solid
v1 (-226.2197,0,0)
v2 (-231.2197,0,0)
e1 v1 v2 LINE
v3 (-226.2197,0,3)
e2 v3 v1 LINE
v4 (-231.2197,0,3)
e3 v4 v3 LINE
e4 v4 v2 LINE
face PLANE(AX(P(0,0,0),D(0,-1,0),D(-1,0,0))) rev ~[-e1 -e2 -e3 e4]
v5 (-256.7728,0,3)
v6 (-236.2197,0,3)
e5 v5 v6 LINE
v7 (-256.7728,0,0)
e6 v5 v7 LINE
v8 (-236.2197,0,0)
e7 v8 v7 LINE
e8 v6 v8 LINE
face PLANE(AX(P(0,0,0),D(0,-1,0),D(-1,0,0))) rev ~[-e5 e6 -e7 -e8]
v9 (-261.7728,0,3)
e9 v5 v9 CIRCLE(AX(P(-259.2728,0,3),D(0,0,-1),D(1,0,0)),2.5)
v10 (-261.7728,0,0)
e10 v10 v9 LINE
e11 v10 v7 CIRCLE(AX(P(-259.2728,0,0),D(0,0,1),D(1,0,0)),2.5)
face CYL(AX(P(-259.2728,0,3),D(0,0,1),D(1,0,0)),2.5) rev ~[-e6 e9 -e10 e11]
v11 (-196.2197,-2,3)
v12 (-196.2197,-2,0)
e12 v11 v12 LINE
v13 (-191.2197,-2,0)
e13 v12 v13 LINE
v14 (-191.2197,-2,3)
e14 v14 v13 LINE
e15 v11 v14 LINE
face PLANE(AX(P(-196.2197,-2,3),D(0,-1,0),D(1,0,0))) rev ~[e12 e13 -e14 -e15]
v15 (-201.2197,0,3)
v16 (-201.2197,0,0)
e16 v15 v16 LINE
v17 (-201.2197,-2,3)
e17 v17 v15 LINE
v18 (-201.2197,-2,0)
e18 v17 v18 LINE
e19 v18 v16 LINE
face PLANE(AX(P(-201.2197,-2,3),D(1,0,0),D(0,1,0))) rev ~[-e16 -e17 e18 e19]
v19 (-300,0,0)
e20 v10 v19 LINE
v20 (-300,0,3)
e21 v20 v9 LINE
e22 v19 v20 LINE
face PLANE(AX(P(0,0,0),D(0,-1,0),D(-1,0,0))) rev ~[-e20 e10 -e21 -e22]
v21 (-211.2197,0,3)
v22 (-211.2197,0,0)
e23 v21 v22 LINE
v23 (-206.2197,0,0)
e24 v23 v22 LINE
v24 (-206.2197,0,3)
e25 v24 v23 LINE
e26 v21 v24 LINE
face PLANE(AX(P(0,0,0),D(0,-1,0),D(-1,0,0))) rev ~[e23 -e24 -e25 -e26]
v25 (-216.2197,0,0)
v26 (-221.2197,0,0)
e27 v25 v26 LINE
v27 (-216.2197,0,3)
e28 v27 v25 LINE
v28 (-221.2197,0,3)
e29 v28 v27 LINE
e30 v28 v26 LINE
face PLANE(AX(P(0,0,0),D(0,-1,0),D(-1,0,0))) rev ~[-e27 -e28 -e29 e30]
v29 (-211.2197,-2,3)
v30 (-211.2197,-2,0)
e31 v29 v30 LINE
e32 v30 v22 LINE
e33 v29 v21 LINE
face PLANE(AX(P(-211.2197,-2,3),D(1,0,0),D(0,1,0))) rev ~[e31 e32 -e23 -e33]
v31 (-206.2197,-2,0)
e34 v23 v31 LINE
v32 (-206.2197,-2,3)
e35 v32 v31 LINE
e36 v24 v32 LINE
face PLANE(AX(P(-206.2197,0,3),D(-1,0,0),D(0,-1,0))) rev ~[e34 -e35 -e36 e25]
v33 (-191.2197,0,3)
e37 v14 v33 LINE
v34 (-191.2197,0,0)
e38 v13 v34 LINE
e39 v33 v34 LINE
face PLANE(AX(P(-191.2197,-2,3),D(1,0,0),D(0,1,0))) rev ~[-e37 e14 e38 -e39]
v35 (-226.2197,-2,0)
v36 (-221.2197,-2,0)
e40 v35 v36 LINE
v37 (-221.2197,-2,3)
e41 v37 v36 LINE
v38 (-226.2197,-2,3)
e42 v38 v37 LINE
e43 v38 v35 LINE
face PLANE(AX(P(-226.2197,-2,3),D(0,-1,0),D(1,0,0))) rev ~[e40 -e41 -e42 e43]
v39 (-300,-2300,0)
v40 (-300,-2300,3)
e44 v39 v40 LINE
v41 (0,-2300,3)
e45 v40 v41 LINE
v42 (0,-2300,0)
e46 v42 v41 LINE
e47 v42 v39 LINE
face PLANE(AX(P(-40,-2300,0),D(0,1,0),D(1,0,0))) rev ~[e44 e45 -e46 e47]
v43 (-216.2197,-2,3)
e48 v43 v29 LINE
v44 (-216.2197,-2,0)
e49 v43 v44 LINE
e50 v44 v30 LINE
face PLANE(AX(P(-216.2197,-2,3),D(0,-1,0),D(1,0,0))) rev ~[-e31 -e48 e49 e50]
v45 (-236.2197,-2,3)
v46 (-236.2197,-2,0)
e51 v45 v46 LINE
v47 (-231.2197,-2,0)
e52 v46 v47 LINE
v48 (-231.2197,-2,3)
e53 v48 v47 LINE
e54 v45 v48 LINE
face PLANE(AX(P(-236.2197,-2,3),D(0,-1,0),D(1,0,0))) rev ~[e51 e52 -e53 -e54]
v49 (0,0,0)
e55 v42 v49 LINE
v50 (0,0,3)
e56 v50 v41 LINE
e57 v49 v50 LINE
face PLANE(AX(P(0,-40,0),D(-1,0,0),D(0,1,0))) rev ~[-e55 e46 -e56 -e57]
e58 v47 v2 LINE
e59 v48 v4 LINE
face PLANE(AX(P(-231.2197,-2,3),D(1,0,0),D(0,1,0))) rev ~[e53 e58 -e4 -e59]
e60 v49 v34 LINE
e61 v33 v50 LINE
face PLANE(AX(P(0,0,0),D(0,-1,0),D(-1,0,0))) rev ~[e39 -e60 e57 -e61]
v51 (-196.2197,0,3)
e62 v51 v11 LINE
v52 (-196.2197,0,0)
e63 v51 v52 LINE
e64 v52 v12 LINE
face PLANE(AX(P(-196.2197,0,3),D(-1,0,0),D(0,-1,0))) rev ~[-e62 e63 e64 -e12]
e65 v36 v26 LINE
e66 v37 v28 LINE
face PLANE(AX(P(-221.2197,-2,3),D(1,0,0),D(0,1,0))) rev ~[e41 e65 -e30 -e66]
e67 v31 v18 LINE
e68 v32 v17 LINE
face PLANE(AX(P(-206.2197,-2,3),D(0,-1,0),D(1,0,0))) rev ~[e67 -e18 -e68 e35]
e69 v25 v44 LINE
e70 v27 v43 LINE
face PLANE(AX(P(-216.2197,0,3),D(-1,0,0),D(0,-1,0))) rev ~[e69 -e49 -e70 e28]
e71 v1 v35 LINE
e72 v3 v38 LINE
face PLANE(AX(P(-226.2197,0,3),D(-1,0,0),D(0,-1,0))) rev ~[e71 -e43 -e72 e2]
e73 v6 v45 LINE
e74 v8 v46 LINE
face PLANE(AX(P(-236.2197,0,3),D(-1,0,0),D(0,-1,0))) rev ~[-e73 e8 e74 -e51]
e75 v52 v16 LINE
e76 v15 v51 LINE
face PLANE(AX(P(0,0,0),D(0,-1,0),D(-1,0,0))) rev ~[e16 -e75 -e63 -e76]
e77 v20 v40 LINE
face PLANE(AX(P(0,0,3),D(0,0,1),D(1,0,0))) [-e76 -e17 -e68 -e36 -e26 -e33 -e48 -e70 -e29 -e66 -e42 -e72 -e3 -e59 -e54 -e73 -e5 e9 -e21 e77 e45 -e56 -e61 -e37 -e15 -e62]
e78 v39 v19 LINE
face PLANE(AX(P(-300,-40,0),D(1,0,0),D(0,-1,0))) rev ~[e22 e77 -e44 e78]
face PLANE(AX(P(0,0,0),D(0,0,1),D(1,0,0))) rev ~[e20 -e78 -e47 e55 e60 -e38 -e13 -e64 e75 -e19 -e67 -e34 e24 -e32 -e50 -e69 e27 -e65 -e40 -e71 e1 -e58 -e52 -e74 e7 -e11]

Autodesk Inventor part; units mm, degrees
ref_plane "YZ Plane" through (0, 0, 0) normal (1, 0, 0) x (0, 1, 0)
ref_plane "XZ Plane" through (0, 0, 0) normal (0, 1, 0) x (-1, 0, 0)
ref_plane "XY Plane" through (0, 0, 0) normal (0, 0, 1) x (1, 0, 0)
sketch "Sketch1" plane through (0, 0, 0) normal (0, 0, 1) x (1, 0, 0)
  line L0 (0, 0) -> (-300, 0)
  line L1 (-300, 0) -> (-300, -2300)
  line L2 (-300, -2300) -> (0, -2300)
  line L3 (0, -2300) -> (0, 0)
  line L4 (0, 0) -> (-40, 0)
  line L5 (-40, 0) -> (-40, -40)
  line L6 (-40, -40) -> (0, -40)
  line L7 (0, -40) -> (0, 0)
  line L8 (0, -2300) -> (-40, -2300)
  line L9 (-40, -2300) -> (-40, -2260)
  line L10 (-40, -2260) -> (0, -2260)
  line L11 (0, -2260) -> (0, -2300)
  line L12 (-300, 0) -> (-260, 0)
  line L13 (-260, 0) -> (-260, -40)
  line L14 (-260, -40) -> (-300, -40)
  line L15 (-300, -40) -> (-300, 0)
  line L16 (-300, -2300) -> (-260, -2300)
  line L17 (-260, -2300) -> (-260, -2260)
  line L18 (-260, -2260) -> (-300, -2260)
  line L19 (-300, -2260) -> (-300, -2300)
  line L20 (-220, -2300) -> (-130, -2300)
  line L21 (-130, -2300) -> (-130, -2260)
  line L22 (-130, -2260) -> (-220, -2260)
  line L23 (-220, -2260) -> (-220, -2300)
  line L24 (-220, 0) -> (-130, 0)
  line L25 (-130, 0) -> (-130, -40)
  line L26 (-130, -40) -> (-220, -40)
  line L27 (-220, -40) -> (-220, 0)
  point P0 (0, -40)
  point P1 (-40, 0)
  point P2 (-40, -2300)
  point P3 (0, -2260)
  point P4 (-130, 0)
  point P5 (-260, 0)
  point P6 (-300, -40)
  point P7 (-300, -2260)
  dimension "d22" = 300
  dimension "d23" = 2300
  dimension "d24" = 40
  dimension "d25" = 40
  dimension "d28" = 90
  dimension "d29" = 90
extrude "Plate1" add sketch "Sketch1" along normal blind 3
sketch "Sketch5" plane through (0, 0, 3) normal (0, 0, 1) x (1, 0, 0)
  line L0 (0, -5) -> (0, 0) construction
  line L1 (-135, 0) -> (-231.2197, 0) construction
  line L2 (-231.2197, 0) -> (-236.2197, 0)
  line L3 (-236.2197, 0) -> (-236.2197, -2)
  line L4 (-236.2197, -2) -> (-231.2197, -2)
  line L5 (-231.2197, -2) -> (-231.2197, 0)
  circle A0 centre (-259.2728, 0) radius 2.5
  line L6 (-300, -2300) -> (0, -2300) projected
  line L7 (-300, 0) -> (-300, -2300) projected
  line L8 (0, 0) -> (-300, 0) projected
  line L9 (0, -2300) -> (0, 0) projected
  line L10 (0, 0) -> (-300, 0) projected
  line L11 (-221.2197, 0) -> (-226.2197, 0)
  line L12 (-226.2197, 0) -> (-226.2197, -2)
  line L13 (-226.2197, -2) -> (-221.2197, -2)
  line L14 (-221.2197, -2) -> (-221.2197, 0)
  line L15 (-211.2197, 0) -> (-216.2197, 0)
  line L16 (-216.2197, 0) -> (-216.2197, -2)
  line L17 (-216.2197, -2) -> (-211.2197, -2)
  line L18 (-211.2197, -2) -> (-211.2197, 0)
  line L19 (-201.2197, 0) -> (-206.2197, 0)
  line L20 (-206.2197, 0) -> (-206.2197, -2)
  line L21 (-206.2197, -2) -> (-201.2197, -2)
  line L22 (-201.2197, -2) -> (-201.2197, 0)
  line L23 (-191.2197, 0) -> (-196.2197, 0)
  line L24 (-196.2197, 0) -> (-196.2197, -2)
  line L25 (-196.2197, -2) -> (-191.2197, -2)
  line L26 (-191.2197, -2) -> (-191.2197, 0)
  dimension "d38" = 2
  dimension "d39" = 5
  dimension "d42" = 5
  dimension "d45" = 10
extrude "Cut1" cut sketch "Sketch5" against normal blind 3 contours L5 L4 L3 L2 | L8 L14 L13 L12 | L8 A0 | A0 L8 | L8 L18 L17 L16 | L8 L22 L21 L20 | L8 L26 L25 L24
equation "\"d39\" = d32"
equation "\"d40\" = Thickness"
equation "\"d2\" = Thickness"
equation "\"BendReliefWidth\" = Thickness"
equation "\"BendReliefDepth\" = 0.5 * Thickness"
equation "\"CornerReliefSize\" = 4 * Thickness"
equation "\"MinimumRemnant\" = 2 * Thickness"
equation "\"TransitionRadius\" = BendRadius"
equation "\"JacobiRadiusSize\" = BendRadius"
equation "\"GapSize\" = Thickness"
equation "\"d32\" = 5"
equation "\"Thickness\" = 3"
equation "\"BendRadius\" = 5"
properties part number "GnG L.5" material "Stainless Steel"
